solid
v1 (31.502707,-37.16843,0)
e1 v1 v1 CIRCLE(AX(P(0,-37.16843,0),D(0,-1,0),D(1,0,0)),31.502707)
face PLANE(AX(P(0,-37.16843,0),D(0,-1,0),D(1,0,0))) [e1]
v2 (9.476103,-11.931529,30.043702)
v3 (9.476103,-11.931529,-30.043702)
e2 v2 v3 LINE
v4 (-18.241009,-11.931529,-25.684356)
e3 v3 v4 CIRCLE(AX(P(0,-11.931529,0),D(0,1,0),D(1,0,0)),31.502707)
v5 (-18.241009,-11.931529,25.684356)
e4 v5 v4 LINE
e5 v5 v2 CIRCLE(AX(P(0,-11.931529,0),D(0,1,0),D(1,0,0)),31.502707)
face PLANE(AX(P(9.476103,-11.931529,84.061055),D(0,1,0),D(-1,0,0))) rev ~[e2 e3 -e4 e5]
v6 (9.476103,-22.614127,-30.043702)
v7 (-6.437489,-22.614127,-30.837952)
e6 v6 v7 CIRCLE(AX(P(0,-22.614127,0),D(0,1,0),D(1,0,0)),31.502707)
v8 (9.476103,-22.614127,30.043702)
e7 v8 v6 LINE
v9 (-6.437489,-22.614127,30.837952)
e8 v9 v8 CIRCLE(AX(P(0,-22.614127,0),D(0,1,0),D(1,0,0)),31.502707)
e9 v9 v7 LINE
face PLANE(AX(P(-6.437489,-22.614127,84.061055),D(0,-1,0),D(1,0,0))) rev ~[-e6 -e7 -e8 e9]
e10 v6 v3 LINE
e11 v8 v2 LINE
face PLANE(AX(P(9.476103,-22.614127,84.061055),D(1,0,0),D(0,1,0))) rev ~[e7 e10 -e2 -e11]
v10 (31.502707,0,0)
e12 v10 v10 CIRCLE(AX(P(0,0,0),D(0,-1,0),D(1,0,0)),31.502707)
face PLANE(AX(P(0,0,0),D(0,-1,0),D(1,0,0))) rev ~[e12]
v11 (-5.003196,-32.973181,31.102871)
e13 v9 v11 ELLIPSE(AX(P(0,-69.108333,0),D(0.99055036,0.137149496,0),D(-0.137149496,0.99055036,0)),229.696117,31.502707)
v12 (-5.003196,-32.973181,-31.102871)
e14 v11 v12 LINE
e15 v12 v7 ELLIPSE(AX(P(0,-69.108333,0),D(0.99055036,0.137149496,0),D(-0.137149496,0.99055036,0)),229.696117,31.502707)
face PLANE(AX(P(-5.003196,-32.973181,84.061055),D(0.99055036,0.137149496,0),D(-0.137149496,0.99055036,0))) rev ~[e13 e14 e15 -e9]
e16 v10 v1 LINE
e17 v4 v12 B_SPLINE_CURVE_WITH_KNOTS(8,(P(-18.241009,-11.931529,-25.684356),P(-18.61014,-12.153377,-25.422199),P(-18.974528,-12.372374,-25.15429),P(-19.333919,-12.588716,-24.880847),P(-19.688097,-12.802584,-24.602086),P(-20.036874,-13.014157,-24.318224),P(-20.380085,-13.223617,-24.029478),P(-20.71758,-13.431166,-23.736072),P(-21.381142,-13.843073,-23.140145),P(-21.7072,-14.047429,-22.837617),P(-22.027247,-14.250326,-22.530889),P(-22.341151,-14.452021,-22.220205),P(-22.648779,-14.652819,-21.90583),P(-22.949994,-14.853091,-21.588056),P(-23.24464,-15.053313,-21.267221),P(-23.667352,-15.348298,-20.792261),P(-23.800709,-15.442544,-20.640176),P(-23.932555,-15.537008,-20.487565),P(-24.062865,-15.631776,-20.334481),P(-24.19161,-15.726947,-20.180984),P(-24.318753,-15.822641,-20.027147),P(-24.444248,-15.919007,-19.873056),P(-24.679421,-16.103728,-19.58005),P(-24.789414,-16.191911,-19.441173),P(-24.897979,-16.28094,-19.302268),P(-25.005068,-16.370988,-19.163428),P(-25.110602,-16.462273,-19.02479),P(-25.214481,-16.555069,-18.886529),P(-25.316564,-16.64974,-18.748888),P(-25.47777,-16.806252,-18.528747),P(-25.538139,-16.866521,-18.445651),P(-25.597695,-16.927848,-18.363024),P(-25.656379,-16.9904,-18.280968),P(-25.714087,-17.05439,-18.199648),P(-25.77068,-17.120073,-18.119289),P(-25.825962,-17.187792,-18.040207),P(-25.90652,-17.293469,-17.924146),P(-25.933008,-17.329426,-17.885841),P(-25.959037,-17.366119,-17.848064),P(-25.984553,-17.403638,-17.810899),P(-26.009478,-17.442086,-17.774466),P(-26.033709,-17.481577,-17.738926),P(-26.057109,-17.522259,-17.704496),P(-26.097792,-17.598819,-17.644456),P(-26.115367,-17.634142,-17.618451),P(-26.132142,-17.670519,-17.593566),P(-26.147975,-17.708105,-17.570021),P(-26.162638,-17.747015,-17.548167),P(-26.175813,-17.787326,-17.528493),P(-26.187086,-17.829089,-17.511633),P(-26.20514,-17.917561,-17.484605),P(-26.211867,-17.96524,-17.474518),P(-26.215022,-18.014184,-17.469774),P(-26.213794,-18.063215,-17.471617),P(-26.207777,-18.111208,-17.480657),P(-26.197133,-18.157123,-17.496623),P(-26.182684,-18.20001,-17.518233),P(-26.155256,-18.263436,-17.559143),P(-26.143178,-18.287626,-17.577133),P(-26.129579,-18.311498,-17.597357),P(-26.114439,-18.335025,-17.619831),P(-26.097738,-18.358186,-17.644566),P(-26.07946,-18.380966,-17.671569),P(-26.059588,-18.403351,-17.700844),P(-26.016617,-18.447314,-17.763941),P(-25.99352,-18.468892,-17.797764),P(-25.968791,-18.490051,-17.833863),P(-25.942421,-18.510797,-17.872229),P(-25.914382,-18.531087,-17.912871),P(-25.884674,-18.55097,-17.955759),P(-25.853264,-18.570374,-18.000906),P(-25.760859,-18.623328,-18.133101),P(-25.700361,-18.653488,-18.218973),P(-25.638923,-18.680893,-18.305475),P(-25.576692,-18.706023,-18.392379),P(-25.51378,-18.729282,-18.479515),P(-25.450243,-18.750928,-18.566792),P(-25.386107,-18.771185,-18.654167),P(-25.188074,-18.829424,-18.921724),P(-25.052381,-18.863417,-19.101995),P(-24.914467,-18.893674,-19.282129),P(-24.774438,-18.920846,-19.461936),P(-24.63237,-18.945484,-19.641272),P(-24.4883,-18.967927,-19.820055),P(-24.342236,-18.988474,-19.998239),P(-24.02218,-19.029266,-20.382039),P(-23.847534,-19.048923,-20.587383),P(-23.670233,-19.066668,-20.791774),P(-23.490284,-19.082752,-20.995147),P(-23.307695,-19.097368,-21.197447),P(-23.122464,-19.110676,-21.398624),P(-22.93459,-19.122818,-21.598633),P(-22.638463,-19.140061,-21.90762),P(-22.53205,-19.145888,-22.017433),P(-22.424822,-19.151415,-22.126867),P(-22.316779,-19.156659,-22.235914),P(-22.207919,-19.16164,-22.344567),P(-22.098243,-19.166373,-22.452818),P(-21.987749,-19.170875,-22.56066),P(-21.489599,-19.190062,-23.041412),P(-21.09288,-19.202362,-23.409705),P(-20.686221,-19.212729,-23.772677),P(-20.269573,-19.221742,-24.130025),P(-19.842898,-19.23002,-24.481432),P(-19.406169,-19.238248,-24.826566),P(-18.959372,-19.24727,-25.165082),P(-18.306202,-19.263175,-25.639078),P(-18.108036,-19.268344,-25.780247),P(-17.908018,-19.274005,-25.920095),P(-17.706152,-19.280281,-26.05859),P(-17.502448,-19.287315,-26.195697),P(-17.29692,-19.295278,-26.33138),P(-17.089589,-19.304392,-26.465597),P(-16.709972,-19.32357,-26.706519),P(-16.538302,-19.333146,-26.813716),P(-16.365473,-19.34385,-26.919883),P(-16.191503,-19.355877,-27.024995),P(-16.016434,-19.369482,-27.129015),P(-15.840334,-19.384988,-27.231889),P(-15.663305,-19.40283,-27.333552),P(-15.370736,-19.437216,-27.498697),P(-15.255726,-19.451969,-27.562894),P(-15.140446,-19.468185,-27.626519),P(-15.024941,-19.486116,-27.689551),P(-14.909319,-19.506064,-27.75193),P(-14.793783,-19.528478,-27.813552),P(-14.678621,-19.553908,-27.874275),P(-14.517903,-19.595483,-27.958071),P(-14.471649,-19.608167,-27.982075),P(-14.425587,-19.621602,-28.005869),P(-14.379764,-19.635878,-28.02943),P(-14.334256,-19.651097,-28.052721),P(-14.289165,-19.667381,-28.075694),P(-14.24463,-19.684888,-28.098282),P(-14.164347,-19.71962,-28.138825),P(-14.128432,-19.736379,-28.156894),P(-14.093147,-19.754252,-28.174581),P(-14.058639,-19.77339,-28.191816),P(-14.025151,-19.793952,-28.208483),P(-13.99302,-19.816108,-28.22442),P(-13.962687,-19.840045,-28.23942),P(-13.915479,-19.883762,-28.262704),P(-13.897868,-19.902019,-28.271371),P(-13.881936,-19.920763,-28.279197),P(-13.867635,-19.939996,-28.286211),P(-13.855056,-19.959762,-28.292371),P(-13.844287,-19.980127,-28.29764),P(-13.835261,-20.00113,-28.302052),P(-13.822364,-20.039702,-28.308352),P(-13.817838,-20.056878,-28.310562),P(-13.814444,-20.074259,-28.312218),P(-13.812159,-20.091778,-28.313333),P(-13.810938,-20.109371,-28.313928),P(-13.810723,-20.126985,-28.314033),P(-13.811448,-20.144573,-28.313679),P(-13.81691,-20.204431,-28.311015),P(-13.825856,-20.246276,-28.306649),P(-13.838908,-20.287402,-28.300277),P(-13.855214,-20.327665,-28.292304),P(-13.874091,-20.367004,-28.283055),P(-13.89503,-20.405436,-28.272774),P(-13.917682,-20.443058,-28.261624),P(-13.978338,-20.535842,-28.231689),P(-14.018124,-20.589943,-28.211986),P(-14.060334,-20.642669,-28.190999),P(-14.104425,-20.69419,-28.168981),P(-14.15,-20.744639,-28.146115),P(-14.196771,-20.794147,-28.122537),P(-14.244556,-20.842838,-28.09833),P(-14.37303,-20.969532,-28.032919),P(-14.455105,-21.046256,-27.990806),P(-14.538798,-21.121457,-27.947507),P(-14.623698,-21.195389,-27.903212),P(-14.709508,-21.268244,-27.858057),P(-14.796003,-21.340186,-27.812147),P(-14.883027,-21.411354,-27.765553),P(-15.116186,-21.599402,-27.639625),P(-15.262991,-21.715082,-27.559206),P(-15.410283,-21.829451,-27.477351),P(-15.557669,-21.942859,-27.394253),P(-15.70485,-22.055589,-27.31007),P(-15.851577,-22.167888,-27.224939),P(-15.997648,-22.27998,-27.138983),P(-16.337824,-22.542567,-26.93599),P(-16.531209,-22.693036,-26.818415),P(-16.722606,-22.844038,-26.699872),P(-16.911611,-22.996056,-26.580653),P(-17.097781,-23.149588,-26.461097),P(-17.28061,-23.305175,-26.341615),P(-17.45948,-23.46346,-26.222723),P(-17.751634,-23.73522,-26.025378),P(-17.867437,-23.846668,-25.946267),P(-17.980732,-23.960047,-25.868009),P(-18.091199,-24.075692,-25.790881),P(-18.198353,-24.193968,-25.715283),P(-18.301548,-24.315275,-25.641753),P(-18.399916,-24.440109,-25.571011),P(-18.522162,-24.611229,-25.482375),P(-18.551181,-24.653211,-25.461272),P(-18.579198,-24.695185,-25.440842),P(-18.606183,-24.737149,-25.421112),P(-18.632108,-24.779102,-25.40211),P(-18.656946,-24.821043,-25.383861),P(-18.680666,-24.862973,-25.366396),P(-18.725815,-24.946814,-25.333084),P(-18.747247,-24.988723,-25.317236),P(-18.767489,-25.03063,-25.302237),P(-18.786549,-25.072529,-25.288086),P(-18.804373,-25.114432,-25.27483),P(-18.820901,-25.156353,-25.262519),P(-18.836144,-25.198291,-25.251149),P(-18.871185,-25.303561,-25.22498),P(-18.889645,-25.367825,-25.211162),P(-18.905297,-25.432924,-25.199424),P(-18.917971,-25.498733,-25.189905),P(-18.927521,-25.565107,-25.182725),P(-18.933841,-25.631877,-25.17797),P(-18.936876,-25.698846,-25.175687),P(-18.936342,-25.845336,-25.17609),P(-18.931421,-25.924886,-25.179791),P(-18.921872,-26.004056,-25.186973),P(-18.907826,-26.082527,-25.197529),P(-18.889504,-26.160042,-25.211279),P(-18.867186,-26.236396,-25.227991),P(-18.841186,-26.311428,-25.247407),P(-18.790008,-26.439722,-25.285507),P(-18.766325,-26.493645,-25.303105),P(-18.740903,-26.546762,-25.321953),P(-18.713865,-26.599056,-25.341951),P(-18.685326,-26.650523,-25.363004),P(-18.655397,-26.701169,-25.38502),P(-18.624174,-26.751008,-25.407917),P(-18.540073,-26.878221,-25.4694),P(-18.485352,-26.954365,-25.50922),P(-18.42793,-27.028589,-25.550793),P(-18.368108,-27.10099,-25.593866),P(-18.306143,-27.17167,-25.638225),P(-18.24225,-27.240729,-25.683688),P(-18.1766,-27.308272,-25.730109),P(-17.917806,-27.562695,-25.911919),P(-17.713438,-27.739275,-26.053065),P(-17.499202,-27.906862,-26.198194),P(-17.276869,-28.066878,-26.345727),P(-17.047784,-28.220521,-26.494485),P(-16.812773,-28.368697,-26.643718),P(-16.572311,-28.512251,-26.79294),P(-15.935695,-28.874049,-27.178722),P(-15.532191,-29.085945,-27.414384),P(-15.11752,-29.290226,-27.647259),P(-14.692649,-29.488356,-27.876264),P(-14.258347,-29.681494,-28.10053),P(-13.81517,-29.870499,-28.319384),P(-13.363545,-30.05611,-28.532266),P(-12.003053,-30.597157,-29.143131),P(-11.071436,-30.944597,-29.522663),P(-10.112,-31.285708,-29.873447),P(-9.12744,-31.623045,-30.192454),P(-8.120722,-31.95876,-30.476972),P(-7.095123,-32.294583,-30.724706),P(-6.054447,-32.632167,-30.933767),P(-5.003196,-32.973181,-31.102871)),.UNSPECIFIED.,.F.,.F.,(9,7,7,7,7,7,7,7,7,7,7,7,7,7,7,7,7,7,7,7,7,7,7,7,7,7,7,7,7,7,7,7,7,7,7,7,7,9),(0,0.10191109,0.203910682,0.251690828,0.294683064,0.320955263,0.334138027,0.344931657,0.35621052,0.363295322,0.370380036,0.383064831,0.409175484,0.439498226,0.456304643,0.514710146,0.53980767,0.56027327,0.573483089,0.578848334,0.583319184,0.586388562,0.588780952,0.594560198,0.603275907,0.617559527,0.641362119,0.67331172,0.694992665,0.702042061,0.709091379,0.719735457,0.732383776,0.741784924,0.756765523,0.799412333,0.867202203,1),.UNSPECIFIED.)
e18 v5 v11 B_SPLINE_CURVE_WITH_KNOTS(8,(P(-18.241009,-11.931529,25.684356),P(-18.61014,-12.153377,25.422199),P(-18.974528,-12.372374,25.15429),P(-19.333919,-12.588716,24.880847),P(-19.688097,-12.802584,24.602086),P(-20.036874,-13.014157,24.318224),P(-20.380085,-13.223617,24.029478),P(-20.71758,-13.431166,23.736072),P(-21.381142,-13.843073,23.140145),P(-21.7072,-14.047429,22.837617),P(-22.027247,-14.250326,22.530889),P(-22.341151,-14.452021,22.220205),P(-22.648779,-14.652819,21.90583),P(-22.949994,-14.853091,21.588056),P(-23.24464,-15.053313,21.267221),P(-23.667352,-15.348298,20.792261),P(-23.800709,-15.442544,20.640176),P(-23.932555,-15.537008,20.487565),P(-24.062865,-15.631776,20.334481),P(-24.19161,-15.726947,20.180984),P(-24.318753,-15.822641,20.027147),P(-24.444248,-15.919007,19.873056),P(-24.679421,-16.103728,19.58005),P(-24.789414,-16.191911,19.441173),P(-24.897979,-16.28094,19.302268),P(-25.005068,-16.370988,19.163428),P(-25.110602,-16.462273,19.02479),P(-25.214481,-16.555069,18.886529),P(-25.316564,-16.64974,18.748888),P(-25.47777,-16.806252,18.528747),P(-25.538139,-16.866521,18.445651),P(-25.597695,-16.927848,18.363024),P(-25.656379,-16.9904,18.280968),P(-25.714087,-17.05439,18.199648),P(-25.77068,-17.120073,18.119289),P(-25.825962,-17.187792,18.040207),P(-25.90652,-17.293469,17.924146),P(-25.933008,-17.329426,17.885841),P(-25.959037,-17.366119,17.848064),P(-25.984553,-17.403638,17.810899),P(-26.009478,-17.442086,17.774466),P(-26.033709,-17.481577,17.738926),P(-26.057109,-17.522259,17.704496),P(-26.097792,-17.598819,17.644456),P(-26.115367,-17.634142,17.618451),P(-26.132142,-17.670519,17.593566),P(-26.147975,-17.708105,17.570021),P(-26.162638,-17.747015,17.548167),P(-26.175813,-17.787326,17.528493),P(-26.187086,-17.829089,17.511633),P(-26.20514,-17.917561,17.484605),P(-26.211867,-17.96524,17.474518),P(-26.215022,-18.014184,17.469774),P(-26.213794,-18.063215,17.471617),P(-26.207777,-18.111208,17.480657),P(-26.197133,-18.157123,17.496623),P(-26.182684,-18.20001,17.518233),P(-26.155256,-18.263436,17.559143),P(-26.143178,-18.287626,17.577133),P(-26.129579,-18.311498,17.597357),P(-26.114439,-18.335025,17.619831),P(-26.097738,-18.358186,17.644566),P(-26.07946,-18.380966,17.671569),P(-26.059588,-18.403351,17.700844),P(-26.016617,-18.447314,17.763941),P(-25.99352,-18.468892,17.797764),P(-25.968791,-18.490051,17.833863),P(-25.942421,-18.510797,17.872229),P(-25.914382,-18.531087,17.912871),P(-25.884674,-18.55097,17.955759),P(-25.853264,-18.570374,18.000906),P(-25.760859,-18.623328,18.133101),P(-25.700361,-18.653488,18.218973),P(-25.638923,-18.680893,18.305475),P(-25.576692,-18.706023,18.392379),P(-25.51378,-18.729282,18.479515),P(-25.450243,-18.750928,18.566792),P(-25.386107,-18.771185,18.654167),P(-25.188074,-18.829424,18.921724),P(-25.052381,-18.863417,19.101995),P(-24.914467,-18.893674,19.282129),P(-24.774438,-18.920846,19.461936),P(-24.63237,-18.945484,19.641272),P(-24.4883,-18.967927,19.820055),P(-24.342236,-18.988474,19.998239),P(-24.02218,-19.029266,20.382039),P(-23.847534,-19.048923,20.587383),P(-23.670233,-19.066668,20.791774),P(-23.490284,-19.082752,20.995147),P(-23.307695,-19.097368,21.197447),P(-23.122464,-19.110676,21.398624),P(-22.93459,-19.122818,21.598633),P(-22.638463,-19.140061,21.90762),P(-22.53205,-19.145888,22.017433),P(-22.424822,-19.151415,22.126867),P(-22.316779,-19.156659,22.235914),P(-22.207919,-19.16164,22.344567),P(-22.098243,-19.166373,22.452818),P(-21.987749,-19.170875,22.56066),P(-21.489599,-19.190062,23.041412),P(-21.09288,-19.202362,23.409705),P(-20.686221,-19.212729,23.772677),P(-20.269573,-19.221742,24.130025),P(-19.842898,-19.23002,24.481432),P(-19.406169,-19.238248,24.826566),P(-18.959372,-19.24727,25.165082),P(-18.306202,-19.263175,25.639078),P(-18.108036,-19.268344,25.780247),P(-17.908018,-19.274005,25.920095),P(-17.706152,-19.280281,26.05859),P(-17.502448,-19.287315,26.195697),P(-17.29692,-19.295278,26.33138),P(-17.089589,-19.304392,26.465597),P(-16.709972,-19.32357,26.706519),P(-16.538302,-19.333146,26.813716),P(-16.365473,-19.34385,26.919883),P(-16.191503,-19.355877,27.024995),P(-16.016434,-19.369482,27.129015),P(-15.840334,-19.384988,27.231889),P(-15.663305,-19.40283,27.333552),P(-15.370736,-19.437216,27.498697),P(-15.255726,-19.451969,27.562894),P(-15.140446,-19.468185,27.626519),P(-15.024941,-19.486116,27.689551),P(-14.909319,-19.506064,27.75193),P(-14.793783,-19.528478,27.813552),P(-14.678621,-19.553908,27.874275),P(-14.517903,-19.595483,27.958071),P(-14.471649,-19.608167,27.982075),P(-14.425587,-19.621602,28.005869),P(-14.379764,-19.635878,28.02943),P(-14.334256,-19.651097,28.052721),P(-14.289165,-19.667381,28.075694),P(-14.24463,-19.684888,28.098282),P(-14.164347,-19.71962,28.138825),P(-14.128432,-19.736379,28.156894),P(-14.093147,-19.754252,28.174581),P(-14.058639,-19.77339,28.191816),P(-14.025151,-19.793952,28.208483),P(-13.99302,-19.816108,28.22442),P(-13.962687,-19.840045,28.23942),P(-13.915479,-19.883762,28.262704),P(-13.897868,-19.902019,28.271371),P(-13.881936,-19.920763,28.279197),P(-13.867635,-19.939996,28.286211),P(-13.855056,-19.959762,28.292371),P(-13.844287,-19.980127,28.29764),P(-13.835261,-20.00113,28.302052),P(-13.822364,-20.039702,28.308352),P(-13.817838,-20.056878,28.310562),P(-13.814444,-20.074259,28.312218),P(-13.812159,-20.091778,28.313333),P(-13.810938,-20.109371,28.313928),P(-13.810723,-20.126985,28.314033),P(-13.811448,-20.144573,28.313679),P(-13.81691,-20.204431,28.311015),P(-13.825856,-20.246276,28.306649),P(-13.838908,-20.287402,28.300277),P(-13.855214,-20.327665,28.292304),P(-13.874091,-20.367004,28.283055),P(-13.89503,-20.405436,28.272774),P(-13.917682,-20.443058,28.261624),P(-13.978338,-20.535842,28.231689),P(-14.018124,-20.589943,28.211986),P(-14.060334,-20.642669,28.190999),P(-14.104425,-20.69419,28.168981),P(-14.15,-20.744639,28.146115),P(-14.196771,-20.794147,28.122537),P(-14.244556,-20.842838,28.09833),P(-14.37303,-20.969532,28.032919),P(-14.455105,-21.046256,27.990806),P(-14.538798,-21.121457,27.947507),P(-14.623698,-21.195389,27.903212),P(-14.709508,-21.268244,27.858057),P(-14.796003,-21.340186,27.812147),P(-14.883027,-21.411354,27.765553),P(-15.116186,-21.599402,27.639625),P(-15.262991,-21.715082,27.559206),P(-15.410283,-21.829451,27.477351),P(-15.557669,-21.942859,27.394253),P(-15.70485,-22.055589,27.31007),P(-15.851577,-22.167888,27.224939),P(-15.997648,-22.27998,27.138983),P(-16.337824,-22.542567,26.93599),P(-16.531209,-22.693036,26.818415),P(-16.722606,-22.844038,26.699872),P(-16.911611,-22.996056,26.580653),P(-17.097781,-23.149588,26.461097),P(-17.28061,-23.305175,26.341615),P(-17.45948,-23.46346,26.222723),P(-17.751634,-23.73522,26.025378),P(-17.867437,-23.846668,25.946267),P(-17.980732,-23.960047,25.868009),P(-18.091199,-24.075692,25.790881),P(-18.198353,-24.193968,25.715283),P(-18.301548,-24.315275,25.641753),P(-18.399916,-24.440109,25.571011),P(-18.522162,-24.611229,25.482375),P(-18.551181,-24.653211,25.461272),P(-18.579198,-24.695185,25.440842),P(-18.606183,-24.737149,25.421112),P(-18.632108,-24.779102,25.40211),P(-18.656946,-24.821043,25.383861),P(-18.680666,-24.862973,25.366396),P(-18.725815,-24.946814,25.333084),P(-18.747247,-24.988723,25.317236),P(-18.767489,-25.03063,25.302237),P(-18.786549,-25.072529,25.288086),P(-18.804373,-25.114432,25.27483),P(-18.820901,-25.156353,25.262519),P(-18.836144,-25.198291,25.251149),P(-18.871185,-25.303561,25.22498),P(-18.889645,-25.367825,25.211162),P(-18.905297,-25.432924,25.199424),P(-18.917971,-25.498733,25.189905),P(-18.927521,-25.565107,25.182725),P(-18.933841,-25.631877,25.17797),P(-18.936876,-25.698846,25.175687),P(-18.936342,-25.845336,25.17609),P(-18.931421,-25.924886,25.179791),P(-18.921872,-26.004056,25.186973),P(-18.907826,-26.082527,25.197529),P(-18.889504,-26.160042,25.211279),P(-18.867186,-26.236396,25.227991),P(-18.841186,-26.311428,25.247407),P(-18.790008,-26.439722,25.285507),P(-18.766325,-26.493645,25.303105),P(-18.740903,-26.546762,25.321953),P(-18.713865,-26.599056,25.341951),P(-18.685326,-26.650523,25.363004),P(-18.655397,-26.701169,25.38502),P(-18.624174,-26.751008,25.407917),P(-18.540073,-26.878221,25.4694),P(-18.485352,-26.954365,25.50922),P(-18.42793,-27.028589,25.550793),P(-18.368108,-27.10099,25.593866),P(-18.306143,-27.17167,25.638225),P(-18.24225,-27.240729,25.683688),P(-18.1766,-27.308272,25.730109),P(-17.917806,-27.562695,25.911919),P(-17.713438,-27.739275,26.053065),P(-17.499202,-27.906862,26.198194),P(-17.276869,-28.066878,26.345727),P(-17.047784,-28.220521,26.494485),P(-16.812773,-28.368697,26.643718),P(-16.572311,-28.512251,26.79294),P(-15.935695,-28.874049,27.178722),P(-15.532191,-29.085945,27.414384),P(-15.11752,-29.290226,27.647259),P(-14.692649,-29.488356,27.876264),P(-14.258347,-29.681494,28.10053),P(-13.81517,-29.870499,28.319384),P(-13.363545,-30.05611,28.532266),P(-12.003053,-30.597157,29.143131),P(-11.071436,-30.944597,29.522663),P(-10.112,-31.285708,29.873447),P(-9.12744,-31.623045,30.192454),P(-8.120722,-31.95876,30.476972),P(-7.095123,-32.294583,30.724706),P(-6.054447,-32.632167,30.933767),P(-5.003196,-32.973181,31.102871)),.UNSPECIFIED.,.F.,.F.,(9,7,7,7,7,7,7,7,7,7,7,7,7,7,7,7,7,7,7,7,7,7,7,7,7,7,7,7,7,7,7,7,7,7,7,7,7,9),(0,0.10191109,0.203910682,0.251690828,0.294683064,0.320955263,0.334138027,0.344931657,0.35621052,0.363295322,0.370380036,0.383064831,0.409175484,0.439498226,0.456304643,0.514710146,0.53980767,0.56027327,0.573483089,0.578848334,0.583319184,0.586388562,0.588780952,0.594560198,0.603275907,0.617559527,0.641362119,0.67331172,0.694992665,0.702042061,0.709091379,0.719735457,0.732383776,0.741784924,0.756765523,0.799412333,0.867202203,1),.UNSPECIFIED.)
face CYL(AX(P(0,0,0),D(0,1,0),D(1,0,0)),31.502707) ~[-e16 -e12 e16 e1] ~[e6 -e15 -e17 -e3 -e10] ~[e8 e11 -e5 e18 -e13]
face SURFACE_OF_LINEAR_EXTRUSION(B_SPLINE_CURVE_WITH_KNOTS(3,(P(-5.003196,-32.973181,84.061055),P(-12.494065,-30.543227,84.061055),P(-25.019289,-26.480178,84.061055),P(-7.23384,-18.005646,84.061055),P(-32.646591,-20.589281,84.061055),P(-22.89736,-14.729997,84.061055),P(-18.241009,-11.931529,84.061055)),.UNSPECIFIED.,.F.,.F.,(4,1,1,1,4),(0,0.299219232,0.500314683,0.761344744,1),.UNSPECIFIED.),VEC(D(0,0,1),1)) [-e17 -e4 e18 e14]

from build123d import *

# Parameters (mm, degrees)
F0_R     = 31.5027066434
F1_DEPTH = 37.1684301645
F4_DEPTH = 140.3979789466


with BuildPart() as f1:
    # F0 (on Front) → F1 (new body)
    with BuildSketch(Plane.XZ):
        Circle(F0_R)
    extrude(amount=F1_DEPTH)

    # F3 (on offset) → F4 (cut)
    with BuildSketch(Plane.XY.offset(84.0610545129)):
        with BuildLine():
            Line((9.4761028886, -11.9315292686), (-18.2410087436, -11.9315292686))
            add(Edge.make_bspline(
                [(-5.0031961873, -32.9731814563), (-12.4940646133, -30.5432269053), (-25.0192888489, -26.480178078), (-7.2338399017, -18.0056457647), (-32.6465906732, -20.5892809625), (-22.8973603016, -14.7299965076), (-18.2410087436, -11.9315292686)],
                knots=[0, 0, 0, 0, 0.2992192325, 0.500314683, 0.7613447444, 1, 1, 1, 1], degree=3))
            Line((-5.0031961873, -32.9731814563), (-6.4374888316, -22.614127025))
            Line((-6.4374888316, -22.614127025), (9.4761028886, -22.614127025))
            Line((9.4761028886, -22.614127025), (9.4761028886, -11.9315292686))
        make_face()
    extrude(amount=-F4_DEPTH, mode=Mode.SUBTRACT)


solid = f1.part
